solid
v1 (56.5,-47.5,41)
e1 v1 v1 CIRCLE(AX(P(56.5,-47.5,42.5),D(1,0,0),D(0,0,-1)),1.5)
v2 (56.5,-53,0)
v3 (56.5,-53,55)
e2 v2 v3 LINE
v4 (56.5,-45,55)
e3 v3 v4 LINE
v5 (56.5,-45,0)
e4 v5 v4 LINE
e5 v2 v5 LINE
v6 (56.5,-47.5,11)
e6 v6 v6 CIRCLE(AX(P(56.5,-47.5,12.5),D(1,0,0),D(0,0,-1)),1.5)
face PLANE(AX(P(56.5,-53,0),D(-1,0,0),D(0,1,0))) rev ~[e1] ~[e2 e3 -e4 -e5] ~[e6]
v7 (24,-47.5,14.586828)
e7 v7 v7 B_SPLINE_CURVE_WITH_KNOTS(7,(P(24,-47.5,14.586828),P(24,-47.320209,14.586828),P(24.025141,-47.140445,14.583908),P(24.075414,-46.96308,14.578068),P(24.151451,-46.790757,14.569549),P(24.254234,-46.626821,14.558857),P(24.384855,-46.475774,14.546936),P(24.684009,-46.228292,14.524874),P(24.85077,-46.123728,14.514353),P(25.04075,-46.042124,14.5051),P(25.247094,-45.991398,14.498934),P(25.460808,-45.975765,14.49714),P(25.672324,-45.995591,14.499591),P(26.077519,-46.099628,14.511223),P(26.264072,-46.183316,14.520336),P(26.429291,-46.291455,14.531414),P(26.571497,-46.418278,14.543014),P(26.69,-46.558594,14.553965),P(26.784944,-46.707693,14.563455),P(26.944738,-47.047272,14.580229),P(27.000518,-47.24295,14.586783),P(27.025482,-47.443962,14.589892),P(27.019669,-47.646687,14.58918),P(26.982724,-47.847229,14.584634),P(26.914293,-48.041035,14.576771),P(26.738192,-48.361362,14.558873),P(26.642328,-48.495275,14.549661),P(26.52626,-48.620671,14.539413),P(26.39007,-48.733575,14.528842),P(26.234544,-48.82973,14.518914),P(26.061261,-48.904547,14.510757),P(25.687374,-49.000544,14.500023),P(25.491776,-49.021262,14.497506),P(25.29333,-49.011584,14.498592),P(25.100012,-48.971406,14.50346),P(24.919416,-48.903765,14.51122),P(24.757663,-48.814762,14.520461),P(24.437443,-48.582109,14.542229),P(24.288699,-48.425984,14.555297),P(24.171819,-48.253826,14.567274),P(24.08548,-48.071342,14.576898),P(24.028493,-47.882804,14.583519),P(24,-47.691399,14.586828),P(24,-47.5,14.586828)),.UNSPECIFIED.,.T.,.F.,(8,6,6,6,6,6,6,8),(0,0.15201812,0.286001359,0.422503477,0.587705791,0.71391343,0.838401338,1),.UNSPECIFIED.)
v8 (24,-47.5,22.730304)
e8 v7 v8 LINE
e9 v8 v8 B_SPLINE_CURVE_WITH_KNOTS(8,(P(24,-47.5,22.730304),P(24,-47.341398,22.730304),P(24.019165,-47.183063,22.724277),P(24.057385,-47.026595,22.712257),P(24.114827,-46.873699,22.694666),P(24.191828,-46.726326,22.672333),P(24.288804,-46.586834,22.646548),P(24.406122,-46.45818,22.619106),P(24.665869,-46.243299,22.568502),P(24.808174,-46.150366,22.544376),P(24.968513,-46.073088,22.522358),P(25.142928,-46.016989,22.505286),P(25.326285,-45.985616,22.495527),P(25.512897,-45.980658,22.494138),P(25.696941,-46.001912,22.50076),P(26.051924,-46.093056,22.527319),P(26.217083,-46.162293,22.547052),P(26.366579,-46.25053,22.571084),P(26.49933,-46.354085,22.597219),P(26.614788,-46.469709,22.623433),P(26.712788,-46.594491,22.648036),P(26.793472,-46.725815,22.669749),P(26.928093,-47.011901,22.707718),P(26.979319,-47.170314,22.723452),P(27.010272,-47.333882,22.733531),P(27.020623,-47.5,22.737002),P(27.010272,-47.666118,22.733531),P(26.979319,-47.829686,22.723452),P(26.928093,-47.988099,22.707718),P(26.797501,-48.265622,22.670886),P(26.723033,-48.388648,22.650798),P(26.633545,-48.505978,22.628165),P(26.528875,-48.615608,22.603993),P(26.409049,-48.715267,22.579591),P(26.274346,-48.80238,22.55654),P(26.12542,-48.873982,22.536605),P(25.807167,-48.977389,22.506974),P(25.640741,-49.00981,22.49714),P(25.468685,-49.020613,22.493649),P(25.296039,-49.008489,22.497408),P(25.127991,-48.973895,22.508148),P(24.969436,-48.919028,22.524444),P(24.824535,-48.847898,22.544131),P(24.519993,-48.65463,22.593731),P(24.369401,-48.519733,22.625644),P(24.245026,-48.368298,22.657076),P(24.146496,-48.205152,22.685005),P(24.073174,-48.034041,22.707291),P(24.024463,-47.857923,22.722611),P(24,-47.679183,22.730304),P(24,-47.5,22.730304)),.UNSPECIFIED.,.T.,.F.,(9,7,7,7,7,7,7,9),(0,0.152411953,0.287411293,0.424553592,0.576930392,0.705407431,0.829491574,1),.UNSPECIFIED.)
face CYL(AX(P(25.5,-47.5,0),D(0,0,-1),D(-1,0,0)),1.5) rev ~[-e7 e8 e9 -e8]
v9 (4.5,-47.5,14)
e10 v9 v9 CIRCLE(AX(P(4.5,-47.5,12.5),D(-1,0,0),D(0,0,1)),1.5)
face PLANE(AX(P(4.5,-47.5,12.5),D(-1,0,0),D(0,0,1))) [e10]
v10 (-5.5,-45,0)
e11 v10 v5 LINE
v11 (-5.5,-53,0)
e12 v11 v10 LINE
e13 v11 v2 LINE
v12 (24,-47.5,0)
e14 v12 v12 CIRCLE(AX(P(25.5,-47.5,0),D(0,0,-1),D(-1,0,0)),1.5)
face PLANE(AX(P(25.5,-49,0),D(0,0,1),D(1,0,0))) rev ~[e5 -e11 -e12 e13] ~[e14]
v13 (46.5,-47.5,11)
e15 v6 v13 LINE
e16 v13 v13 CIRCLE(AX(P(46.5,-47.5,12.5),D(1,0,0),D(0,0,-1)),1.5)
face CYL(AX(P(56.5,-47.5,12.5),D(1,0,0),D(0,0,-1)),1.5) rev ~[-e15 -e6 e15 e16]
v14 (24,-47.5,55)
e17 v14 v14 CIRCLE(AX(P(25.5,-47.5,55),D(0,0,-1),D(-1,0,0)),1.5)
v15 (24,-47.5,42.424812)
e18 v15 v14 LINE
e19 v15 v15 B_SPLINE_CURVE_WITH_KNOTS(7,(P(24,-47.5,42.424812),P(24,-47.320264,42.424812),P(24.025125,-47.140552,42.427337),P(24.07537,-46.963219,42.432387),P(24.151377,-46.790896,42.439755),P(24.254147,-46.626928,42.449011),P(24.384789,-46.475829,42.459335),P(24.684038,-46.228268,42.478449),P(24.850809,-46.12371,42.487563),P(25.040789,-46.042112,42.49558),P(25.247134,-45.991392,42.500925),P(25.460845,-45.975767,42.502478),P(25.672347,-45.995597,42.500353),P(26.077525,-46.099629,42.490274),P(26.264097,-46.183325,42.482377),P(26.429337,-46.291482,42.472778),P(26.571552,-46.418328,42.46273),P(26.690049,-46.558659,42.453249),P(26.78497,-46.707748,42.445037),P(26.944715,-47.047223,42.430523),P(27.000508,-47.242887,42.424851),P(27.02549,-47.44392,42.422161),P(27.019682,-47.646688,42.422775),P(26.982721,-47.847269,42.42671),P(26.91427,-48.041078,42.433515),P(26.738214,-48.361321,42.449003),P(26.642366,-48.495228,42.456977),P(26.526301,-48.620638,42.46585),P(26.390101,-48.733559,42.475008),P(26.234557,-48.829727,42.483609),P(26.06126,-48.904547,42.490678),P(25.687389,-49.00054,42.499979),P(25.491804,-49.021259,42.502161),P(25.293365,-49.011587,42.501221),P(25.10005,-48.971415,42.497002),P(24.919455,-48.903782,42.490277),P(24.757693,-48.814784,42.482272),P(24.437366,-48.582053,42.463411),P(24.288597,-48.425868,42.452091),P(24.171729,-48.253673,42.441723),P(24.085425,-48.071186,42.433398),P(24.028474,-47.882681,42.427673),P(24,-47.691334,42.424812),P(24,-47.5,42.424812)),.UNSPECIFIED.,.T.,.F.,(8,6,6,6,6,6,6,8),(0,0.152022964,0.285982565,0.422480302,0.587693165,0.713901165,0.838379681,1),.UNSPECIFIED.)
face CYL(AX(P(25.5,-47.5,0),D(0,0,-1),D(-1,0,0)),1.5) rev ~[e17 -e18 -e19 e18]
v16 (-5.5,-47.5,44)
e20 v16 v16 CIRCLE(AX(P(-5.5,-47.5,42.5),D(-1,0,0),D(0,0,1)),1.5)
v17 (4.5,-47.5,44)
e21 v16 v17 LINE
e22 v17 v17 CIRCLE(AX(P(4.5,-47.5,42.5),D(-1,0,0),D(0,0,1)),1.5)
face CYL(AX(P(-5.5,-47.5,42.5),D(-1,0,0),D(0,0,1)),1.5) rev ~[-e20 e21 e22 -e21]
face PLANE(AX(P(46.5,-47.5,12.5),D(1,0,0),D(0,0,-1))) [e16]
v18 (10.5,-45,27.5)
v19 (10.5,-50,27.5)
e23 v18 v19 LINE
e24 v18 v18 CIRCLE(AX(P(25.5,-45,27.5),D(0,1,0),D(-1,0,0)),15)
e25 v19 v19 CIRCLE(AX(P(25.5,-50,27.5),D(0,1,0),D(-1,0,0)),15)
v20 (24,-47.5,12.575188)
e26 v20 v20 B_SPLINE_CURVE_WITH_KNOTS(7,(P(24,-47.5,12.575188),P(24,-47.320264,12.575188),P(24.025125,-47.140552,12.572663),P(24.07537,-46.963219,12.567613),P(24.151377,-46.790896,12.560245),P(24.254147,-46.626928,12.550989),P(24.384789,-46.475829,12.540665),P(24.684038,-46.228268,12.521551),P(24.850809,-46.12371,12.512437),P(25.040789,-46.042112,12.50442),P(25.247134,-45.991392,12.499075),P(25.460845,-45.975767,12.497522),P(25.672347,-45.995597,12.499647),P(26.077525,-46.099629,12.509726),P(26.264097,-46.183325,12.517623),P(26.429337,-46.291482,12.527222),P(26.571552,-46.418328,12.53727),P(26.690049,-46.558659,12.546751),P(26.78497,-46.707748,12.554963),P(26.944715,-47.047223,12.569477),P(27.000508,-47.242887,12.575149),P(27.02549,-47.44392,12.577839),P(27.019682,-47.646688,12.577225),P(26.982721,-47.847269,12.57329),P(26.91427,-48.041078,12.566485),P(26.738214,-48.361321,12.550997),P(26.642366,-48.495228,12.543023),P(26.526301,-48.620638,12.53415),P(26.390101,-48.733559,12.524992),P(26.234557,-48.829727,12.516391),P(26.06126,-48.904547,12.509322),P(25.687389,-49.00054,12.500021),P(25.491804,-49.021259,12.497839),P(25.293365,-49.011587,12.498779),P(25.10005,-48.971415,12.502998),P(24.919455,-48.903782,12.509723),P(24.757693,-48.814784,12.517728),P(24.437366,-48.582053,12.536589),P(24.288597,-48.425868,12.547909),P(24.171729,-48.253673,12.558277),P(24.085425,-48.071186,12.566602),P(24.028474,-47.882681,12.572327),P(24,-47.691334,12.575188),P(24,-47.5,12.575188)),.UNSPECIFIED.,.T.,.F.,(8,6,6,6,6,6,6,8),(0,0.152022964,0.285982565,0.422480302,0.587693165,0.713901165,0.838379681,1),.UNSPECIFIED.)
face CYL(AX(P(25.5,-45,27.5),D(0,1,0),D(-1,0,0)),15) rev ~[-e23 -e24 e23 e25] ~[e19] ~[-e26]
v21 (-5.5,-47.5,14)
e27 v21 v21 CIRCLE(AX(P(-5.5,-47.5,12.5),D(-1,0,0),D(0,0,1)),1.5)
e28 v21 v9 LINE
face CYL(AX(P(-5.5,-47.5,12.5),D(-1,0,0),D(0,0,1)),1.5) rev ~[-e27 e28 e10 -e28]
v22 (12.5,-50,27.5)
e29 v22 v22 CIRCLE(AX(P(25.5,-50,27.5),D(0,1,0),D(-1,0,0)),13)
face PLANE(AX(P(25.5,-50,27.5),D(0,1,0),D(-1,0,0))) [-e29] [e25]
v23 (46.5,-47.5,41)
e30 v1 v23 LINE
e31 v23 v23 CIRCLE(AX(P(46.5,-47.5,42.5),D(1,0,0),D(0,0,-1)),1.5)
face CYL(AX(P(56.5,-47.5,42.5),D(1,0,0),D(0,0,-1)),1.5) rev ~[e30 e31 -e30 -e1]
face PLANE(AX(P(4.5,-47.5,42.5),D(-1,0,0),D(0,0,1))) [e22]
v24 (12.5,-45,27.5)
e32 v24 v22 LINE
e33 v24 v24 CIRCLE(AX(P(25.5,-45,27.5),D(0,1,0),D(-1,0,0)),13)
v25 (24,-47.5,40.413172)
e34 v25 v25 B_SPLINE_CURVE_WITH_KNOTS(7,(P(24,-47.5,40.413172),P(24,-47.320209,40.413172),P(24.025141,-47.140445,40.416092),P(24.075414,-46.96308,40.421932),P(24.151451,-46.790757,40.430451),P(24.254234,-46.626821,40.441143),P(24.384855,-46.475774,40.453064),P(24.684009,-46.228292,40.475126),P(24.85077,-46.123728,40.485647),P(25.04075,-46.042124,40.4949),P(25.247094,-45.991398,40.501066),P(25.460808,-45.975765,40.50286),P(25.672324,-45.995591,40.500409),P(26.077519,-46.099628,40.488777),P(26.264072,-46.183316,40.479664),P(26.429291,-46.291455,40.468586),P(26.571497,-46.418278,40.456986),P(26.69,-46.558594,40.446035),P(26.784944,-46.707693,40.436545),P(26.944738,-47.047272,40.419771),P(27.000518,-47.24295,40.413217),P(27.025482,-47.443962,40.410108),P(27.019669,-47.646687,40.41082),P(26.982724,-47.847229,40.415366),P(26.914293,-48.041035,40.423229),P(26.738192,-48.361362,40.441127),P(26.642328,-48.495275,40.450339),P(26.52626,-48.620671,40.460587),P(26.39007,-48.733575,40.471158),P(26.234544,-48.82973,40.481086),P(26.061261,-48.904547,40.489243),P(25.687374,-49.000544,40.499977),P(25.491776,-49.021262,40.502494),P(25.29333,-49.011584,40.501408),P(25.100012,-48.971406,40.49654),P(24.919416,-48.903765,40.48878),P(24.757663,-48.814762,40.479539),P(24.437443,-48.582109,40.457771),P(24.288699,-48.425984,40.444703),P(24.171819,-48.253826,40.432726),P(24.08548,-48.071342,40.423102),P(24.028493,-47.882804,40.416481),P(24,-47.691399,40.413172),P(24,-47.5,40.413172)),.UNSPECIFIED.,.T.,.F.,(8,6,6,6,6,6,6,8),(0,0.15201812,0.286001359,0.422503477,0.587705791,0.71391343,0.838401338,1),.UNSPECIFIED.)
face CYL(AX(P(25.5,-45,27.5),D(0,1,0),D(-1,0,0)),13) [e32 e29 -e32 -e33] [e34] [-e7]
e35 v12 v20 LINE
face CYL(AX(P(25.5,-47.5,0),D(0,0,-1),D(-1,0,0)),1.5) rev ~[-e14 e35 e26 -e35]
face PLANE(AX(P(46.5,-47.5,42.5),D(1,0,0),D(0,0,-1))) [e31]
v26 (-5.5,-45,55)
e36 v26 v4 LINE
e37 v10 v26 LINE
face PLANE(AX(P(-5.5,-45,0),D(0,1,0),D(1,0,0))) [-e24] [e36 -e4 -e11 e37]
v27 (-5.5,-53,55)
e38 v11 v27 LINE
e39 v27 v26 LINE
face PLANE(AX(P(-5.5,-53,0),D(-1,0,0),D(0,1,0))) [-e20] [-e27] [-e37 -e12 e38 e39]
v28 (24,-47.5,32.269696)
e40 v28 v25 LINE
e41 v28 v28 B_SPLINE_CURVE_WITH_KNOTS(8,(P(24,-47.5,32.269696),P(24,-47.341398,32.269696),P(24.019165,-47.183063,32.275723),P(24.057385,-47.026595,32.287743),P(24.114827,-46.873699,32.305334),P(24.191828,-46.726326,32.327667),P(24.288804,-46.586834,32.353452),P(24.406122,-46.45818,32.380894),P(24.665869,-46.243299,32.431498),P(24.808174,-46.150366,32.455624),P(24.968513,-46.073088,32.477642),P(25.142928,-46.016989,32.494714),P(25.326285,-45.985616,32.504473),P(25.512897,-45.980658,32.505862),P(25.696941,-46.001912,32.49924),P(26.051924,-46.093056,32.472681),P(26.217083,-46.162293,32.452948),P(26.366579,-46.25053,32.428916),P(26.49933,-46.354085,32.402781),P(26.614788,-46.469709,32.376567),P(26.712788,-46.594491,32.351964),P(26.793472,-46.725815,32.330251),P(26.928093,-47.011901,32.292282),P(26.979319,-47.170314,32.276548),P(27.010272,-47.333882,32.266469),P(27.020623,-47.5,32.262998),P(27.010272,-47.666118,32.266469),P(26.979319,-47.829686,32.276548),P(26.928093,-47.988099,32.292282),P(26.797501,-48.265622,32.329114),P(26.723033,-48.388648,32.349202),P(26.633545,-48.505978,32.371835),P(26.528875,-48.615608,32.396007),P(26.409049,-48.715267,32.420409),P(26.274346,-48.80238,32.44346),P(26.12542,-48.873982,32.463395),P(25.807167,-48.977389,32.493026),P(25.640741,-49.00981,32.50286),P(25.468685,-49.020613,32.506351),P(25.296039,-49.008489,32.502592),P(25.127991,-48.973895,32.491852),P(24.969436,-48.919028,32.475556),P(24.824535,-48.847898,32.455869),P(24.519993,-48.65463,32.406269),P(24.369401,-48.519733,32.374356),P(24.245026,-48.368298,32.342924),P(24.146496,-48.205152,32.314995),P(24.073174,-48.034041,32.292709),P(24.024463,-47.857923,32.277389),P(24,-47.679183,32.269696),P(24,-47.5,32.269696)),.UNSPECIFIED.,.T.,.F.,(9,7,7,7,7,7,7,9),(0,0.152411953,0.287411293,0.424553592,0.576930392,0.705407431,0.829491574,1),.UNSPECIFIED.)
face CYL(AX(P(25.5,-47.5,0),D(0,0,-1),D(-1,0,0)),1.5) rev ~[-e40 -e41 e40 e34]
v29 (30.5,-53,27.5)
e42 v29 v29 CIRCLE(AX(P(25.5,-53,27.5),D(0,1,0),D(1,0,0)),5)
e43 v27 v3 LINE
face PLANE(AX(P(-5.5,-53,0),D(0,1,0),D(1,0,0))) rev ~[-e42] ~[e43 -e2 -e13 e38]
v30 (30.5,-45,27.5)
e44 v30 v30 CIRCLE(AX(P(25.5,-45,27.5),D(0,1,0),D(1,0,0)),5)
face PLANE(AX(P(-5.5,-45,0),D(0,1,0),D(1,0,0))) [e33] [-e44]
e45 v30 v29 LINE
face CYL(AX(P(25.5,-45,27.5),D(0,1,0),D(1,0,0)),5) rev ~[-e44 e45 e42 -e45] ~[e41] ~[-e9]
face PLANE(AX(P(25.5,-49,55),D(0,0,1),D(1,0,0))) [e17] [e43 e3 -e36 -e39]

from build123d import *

# Parameters (mm, degrees)
ESQUISSE1_W             = 62
ESQUISSE1_H             = 8
BOSS_EXTRU_1_DEPTH      = 55
ESQUISSE2_R             = 15
ESQUISSE2_R_2           = 13
ENL_V_MAT_EXTRU_1_DEPTH = 5
ESQUISSE3_R             = 1.5
ENL_V_MAT_EXTRU_2_DEPTH = 10
ESQUISSE4_R             = 1.5
ENL_V_MAT_EXTRU_3_DEPTH = 10
ESQUISSE5_R             = 1.5
ENL_V_MAT_EXTRU_4_DEPTH = 56
ESQUISSE6_R             = 5
ENL_V_MAT_EXTRU_5_DEPTH = 9


with BuildPart() as part:
    # Esquisse1 → Boss.-Extru.1 (new body)
    with BuildSketch(Plane.XY):
        with Locations((25.5, -49)):
            Rectangle(ESQUISSE1_W, ESQUISSE1_H)
    extrude(amount=BOSS_EXTRU_1_DEPTH)

    # Esquisse2 → Enlèv. mat.-Extru.1 (cut)
    with BuildSketch(Plane(origin=(0, -45, 0), x_dir=(-1, 0, 0), z_dir=(0, 1, 0))):
        with Locations((-25.5, 27.5)):
            Circle(ESQUISSE2_R)
        with Locations((-25.5, 27.5)):
            Circle(ESQUISSE2_R_2, mode=Mode.SUBTRACT)
    extrude(amount=-ENL_V_MAT_EXTRU_1_DEPTH, mode=Mode.SUBTRACT)

    # Esquisse3 → Enlèv. mat.-Extru.2 (cut)
    with BuildSketch(Plane.ZY.offset(5.5)):
        with Locations((12.5, -47.5)):
            Circle(ESQUISSE3_R)
        with Locations((42.5, -47.5)):
            Circle(ESQUISSE3_R)
    extrude(amount=-ENL_V_MAT_EXTRU_2_DEPTH, mode=Mode.SUBTRACT)

    # Esquisse4 → Enlèv. mat.-Extru.3 (cut)
    with BuildSketch(Plane(origin=(56.5, 0, 0), x_dir=(0, 0, -1), z_dir=(1, 0, 0))):
        with Locations((-42.5, -47.5)):
            Circle(ESQUISSE4_R)
        with Locations((-12.5, -47.5)):
            Circle(ESQUISSE4_R)
    extrude(amount=-ENL_V_MAT_EXTRU_3_DEPTH, mode=Mode.SUBTRACT)

    # Esquisse5 → Enlèv. mat.-Extru.4 (cut, through all)
    with BuildSketch(Plane(origin=(0, 0, 0), x_dir=(-1, 0, 0), z_dir=(0, 0, -1))):
        with Locations((-25.5, -47.5)):
            Circle(ESQUISSE5_R)
    extrude(amount=-ENL_V_MAT_EXTRU_4_DEPTH, mode=Mode.SUBTRACT)

    # Esquisse6 → Enlèv. mat.-Extru.5 (cut, through all)
    with BuildSketch(Plane(origin=(0, -45, 0), x_dir=(1, 0, 0), z_dir=(0, 1, 0))):
        with Locations((25.5, -27.5)):
            Circle(ESQUISSE6_R)
    extrude(amount=-ENL_V_MAT_EXTRU_5_DEPTH, mode=Mode.SUBTRACT)


solid = part.part
